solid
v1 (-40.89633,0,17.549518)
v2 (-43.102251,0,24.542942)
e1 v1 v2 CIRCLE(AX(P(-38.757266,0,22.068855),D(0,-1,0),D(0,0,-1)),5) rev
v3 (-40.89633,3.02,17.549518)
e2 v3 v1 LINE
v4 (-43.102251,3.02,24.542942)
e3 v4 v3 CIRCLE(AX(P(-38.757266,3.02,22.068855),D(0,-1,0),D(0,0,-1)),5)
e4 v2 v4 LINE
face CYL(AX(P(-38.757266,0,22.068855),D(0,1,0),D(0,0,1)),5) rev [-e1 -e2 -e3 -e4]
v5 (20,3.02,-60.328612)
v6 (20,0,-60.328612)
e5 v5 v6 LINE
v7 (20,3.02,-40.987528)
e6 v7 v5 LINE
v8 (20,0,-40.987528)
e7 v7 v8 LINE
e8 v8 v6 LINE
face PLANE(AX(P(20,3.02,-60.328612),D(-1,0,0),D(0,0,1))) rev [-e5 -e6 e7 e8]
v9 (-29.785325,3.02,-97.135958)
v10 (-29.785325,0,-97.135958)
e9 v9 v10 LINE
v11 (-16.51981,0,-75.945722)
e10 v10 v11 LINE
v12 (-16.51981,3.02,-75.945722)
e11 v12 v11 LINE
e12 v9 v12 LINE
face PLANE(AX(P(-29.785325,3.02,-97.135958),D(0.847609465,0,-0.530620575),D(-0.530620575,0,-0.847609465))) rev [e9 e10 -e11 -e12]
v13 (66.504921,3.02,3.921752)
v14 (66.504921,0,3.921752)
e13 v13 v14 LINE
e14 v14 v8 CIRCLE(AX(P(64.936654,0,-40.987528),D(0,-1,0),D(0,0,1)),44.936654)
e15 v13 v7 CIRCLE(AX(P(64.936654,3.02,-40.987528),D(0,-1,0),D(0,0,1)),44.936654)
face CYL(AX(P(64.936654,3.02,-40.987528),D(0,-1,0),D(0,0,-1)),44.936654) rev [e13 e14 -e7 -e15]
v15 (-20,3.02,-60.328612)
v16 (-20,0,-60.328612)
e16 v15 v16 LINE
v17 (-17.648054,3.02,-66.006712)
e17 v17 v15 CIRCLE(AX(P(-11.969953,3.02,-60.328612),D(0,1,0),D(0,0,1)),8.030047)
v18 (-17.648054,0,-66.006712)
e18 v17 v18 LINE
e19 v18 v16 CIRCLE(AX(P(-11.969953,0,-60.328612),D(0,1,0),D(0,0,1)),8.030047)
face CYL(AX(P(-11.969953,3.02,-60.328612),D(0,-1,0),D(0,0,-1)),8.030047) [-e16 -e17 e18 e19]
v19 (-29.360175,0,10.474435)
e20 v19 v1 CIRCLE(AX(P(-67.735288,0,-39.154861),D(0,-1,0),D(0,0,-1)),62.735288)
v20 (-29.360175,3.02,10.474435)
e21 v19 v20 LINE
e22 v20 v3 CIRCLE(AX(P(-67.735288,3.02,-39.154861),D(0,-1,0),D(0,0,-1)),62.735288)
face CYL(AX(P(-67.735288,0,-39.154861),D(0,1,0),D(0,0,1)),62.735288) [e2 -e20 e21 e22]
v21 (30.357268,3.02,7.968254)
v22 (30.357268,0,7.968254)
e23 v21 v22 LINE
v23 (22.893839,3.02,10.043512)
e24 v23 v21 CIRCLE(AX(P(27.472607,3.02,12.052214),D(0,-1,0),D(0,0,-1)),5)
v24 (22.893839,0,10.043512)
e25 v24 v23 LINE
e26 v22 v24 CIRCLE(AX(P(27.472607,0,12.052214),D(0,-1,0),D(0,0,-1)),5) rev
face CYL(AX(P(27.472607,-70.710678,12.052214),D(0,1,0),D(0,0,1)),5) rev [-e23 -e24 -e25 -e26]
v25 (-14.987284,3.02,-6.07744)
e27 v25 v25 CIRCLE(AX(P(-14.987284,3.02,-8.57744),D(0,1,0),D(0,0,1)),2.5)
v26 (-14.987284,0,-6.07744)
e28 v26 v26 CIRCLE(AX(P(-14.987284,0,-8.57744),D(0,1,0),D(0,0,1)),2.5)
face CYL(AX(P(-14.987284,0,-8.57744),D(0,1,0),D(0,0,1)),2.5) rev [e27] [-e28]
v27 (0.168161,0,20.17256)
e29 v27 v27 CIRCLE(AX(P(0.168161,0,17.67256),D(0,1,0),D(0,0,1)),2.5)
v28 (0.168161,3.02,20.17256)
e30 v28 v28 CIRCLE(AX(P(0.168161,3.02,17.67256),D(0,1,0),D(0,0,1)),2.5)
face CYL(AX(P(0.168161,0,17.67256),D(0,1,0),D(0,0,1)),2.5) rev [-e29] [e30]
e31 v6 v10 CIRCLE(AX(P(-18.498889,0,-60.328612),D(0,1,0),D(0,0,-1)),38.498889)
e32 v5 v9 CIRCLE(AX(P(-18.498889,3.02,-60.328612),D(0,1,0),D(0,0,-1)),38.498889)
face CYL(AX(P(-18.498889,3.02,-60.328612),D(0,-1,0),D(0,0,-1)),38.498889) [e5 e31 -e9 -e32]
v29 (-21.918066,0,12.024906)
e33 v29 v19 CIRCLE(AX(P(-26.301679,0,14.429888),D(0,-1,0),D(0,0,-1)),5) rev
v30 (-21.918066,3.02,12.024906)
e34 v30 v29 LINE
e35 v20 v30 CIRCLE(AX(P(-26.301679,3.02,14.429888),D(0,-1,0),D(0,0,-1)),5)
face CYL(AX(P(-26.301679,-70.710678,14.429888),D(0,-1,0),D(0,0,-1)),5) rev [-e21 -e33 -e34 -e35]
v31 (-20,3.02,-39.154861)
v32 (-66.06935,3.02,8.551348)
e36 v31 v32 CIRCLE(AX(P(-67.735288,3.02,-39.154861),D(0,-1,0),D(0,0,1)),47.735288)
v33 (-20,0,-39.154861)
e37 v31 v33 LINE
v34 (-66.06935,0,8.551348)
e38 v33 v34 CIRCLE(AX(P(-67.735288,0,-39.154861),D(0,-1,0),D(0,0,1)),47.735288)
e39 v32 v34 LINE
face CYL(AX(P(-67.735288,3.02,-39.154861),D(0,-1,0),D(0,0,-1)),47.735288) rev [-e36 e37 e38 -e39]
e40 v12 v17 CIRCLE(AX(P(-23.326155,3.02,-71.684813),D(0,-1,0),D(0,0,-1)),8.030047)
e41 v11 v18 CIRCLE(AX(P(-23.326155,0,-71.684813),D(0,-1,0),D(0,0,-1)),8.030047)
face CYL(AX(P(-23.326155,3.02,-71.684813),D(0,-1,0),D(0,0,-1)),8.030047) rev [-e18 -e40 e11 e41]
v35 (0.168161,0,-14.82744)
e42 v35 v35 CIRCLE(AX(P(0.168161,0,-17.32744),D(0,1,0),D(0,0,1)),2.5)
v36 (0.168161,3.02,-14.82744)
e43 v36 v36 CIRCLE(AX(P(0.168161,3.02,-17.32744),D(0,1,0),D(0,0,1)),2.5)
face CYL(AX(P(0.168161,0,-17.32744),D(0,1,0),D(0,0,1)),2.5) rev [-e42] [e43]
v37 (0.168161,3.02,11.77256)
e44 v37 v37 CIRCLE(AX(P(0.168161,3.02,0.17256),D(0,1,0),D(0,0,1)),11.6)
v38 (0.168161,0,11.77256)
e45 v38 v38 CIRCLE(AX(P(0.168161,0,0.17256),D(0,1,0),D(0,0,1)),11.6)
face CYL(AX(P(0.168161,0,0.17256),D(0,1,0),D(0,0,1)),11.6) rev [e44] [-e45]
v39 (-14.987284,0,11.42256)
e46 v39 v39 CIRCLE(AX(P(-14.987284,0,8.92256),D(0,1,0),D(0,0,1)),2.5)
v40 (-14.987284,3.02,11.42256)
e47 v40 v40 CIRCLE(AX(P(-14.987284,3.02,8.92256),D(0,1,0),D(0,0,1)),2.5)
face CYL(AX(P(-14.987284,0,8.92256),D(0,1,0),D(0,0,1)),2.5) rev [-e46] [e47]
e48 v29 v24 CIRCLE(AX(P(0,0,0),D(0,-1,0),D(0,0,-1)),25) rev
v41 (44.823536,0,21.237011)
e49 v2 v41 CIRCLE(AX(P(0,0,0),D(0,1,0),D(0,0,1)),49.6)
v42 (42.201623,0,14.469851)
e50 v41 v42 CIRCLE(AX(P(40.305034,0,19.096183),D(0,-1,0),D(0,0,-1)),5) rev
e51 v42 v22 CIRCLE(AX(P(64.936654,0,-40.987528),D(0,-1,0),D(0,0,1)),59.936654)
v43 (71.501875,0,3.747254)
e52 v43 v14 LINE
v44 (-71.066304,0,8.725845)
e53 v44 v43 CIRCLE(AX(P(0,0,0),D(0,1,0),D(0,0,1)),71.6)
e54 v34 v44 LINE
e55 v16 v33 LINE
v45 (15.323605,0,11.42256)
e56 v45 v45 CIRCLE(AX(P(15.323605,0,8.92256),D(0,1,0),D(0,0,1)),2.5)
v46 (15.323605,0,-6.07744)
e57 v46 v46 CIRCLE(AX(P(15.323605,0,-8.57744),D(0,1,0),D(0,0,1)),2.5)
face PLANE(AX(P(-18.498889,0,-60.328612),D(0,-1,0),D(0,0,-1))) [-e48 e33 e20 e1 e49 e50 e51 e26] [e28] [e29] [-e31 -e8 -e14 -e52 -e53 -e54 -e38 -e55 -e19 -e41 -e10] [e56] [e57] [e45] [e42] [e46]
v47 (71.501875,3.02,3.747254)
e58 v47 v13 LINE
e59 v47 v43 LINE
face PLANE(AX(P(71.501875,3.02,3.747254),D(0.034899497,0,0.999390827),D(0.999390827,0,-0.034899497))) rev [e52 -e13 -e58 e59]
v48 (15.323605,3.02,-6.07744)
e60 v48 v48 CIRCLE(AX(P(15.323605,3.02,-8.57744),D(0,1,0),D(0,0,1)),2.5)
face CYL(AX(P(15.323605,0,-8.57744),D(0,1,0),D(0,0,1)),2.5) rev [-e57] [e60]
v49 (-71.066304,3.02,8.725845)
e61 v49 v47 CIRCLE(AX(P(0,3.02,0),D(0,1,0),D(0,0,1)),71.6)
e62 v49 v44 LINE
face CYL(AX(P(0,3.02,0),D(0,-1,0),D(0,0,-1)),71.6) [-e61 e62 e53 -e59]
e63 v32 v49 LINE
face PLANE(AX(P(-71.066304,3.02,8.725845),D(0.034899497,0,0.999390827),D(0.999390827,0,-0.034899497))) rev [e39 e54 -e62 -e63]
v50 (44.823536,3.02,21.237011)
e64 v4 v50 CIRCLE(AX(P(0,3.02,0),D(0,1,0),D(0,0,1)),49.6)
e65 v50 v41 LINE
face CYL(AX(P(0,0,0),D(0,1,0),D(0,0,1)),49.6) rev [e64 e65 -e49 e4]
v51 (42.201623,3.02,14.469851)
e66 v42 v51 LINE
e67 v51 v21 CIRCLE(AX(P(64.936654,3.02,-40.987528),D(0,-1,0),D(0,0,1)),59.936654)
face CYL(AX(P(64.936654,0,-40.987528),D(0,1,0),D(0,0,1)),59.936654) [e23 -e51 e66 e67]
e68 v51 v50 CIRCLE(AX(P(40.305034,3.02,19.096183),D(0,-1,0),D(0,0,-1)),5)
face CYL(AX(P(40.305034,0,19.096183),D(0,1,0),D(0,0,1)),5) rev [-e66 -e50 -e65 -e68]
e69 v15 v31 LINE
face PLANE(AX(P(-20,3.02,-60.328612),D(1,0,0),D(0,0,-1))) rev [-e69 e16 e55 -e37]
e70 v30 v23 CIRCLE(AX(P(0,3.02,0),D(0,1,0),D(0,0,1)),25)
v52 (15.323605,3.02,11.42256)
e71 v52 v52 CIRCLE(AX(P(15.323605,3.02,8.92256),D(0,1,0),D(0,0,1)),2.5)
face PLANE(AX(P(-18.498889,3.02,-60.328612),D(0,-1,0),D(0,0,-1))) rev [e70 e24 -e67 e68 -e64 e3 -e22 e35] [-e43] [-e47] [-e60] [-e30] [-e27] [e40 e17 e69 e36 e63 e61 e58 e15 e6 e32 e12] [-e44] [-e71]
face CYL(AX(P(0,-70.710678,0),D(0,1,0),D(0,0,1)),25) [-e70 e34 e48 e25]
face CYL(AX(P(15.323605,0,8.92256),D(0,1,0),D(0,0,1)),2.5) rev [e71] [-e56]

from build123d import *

# Parameters (mm, degrees)
BOSS_EXTRUDE1_DEPTH = 3.02
CUT_EXTRUDE2_DEPTH  = 4.02
FILLET6_R           = 5
SKETCH7_R           = 25
BOSS_EXTRUDE5_DEPTH = 3.02
FILLET7_R           = 5
SKETCH8_R           = 11.6
CUT_EXTRUDE3_DEPTH  = 4.0200001
SKETCH10_R          = 2.5
CUT_EXTRUDE4_DEPTH  = 4.0200001


with BuildPart() as part:
    # Sketch1 → Boss-Extrude1 (new body)
    with BuildSketch(Plane(origin=(0, 0, 0), x_dir=(1, 0, 0), z_dir=(0, 1, 0))):
        with BuildLine():
            Line((-29.785324721, 97.135958487), (-16.519810347, 75.945721858))
            ThreePointArc((-16.519810347, 75.945721858), (-15.347350146, 70.779086196), (-17.648053563, 66.006712491))
            ThreePointArc((-17.648053563, 66.006712491), (-19.388749036, 63.401577615), (-20, 60.328611505))
            Line((-20, 60.328611505), (-20, 39.154861291))
            ThreePointArc((-20, 39.154861291), (-33.397395417, 5.995144025), (-66.069350322, -8.551347504))
            Line((-66.069350322, -8.551347504), (-71.066304458, -8.725844988))
            ThreePointArc((-71.066304458, -8.725844988), (2.498803964, -71.556383215), (71.501874688, -3.747254467))
            Line((71.501874688, -3.747254467), (66.504920553, -3.921751951))
            ThreePointArc((66.504920553, -3.921751951), (33.721031142, 8.662804123), (20, 40.987527801))
            Line((20, 40.987527801), (20, 60.328611505))
            ThreePointArc((20, 60.328611505), (4.388325927, 91.285675923), (-29.785324721, 97.135958487))
        make_face()
    extrude(amount=BOSS_EXTRUDE1_DEPTH)

    # Sketch6 → Cut-Extrude2 (cut, through all)
    with BuildSketch(Plane(origin=(0, 3.02, 0), x_dir=(1, 0, 0), z_dir=(0, 1, 0))):
        with BuildLine():
            ThreePointArc((-45.588380428, -19.541227443), (1.807988114, -49.567037222), (46.890896023, -16.167989057))
            ThreePointArc((46.890896023, -16.167989057), (28.340616971, -6.479645741), (14.25203647, 8.995778278))
            ThreePointArc((14.25203647, 8.995778278), (3.327119381, -16.521950459), (-16.623047064, 2.77828664))
            ThreePointArc((-16.623047064, 2.77828664), (-29.443436546, -10.538704339), (-45.588380428, -19.541227443))
        make_face()
    extrude(amount=-CUT_EXTRUDE2_DEPTH, mode=Mode.SUBTRACT)

    # Fillet6
    fillet6_edges = [part.edges().sort_by_distance(p)[0] for p in [
        (-45.588380428, 1.51, 19.541227443),
        (46.890896023, 1.51, 16.167989057),
    ]]
    fillet(fillet6_edges, radius=FILLET6_R)

    # Sketch7 → Boss-Extrude5 (add)
    with BuildSketch(Plane(origin=(0, 3.02, 0), x_dir=(1, 0, 0), z_dir=(0, 1, 0))):
        Circle(SKETCH7_R)
    extrude(amount=-BOSS_EXTRUDE5_DEPTH)

    # Fillet7
    fillet7_edges = [part.edges().sort_by_distance(p)[0] for p in [
        (24.755757684, 1.51, 3.486038077),
        (-24.252747569, 1.51, 6.066649432),
    ]]
    fillet(fillet7_edges, radius=FILLET7_R)

    # Sketch8 → Cut-Extrude3 (cut, through all)
    with BuildSketch(Plane(origin=(0, 3.02, 0), x_dir=(1, 0, 0), z_dir=(0, 1, 0))):
        with Locations((0.168160547, -0.172559626)):
            Circle(SKETCH8_R)
    extrude(amount=-CUT_EXTRUDE3_DEPTH, mode=Mode.SUBTRACT)

    # Sketch10 → Cut-Extrude4 (cut, through all)
    with BuildSketch(Plane(origin=(0, 3.02, 0), x_dir=(1, 0, 0), z_dir=(0, 1, 0))):
        with Locations((0.168160547, -17.672559626)):
            Circle(SKETCH10_R)
        with Locations((-14.987284019, -8.922559626)):
            Circle(SKETCH10_R)
        with Locations((-14.987284019, 8.577440374)):
            Circle(SKETCH10_R)
        with Locations((0.168160547, 17.327440374)):
            Circle(SKETCH10_R)
        with Locations((15.323605113, 8.577440374)):
            Circle(SKETCH10_R)
        with Locations((15.323605113, -8.922559626)):
            Circle(SKETCH10_R)
    extrude(amount=-CUT_EXTRUDE4_DEPTH, mode=Mode.SUBTRACT)


solid = part.part
